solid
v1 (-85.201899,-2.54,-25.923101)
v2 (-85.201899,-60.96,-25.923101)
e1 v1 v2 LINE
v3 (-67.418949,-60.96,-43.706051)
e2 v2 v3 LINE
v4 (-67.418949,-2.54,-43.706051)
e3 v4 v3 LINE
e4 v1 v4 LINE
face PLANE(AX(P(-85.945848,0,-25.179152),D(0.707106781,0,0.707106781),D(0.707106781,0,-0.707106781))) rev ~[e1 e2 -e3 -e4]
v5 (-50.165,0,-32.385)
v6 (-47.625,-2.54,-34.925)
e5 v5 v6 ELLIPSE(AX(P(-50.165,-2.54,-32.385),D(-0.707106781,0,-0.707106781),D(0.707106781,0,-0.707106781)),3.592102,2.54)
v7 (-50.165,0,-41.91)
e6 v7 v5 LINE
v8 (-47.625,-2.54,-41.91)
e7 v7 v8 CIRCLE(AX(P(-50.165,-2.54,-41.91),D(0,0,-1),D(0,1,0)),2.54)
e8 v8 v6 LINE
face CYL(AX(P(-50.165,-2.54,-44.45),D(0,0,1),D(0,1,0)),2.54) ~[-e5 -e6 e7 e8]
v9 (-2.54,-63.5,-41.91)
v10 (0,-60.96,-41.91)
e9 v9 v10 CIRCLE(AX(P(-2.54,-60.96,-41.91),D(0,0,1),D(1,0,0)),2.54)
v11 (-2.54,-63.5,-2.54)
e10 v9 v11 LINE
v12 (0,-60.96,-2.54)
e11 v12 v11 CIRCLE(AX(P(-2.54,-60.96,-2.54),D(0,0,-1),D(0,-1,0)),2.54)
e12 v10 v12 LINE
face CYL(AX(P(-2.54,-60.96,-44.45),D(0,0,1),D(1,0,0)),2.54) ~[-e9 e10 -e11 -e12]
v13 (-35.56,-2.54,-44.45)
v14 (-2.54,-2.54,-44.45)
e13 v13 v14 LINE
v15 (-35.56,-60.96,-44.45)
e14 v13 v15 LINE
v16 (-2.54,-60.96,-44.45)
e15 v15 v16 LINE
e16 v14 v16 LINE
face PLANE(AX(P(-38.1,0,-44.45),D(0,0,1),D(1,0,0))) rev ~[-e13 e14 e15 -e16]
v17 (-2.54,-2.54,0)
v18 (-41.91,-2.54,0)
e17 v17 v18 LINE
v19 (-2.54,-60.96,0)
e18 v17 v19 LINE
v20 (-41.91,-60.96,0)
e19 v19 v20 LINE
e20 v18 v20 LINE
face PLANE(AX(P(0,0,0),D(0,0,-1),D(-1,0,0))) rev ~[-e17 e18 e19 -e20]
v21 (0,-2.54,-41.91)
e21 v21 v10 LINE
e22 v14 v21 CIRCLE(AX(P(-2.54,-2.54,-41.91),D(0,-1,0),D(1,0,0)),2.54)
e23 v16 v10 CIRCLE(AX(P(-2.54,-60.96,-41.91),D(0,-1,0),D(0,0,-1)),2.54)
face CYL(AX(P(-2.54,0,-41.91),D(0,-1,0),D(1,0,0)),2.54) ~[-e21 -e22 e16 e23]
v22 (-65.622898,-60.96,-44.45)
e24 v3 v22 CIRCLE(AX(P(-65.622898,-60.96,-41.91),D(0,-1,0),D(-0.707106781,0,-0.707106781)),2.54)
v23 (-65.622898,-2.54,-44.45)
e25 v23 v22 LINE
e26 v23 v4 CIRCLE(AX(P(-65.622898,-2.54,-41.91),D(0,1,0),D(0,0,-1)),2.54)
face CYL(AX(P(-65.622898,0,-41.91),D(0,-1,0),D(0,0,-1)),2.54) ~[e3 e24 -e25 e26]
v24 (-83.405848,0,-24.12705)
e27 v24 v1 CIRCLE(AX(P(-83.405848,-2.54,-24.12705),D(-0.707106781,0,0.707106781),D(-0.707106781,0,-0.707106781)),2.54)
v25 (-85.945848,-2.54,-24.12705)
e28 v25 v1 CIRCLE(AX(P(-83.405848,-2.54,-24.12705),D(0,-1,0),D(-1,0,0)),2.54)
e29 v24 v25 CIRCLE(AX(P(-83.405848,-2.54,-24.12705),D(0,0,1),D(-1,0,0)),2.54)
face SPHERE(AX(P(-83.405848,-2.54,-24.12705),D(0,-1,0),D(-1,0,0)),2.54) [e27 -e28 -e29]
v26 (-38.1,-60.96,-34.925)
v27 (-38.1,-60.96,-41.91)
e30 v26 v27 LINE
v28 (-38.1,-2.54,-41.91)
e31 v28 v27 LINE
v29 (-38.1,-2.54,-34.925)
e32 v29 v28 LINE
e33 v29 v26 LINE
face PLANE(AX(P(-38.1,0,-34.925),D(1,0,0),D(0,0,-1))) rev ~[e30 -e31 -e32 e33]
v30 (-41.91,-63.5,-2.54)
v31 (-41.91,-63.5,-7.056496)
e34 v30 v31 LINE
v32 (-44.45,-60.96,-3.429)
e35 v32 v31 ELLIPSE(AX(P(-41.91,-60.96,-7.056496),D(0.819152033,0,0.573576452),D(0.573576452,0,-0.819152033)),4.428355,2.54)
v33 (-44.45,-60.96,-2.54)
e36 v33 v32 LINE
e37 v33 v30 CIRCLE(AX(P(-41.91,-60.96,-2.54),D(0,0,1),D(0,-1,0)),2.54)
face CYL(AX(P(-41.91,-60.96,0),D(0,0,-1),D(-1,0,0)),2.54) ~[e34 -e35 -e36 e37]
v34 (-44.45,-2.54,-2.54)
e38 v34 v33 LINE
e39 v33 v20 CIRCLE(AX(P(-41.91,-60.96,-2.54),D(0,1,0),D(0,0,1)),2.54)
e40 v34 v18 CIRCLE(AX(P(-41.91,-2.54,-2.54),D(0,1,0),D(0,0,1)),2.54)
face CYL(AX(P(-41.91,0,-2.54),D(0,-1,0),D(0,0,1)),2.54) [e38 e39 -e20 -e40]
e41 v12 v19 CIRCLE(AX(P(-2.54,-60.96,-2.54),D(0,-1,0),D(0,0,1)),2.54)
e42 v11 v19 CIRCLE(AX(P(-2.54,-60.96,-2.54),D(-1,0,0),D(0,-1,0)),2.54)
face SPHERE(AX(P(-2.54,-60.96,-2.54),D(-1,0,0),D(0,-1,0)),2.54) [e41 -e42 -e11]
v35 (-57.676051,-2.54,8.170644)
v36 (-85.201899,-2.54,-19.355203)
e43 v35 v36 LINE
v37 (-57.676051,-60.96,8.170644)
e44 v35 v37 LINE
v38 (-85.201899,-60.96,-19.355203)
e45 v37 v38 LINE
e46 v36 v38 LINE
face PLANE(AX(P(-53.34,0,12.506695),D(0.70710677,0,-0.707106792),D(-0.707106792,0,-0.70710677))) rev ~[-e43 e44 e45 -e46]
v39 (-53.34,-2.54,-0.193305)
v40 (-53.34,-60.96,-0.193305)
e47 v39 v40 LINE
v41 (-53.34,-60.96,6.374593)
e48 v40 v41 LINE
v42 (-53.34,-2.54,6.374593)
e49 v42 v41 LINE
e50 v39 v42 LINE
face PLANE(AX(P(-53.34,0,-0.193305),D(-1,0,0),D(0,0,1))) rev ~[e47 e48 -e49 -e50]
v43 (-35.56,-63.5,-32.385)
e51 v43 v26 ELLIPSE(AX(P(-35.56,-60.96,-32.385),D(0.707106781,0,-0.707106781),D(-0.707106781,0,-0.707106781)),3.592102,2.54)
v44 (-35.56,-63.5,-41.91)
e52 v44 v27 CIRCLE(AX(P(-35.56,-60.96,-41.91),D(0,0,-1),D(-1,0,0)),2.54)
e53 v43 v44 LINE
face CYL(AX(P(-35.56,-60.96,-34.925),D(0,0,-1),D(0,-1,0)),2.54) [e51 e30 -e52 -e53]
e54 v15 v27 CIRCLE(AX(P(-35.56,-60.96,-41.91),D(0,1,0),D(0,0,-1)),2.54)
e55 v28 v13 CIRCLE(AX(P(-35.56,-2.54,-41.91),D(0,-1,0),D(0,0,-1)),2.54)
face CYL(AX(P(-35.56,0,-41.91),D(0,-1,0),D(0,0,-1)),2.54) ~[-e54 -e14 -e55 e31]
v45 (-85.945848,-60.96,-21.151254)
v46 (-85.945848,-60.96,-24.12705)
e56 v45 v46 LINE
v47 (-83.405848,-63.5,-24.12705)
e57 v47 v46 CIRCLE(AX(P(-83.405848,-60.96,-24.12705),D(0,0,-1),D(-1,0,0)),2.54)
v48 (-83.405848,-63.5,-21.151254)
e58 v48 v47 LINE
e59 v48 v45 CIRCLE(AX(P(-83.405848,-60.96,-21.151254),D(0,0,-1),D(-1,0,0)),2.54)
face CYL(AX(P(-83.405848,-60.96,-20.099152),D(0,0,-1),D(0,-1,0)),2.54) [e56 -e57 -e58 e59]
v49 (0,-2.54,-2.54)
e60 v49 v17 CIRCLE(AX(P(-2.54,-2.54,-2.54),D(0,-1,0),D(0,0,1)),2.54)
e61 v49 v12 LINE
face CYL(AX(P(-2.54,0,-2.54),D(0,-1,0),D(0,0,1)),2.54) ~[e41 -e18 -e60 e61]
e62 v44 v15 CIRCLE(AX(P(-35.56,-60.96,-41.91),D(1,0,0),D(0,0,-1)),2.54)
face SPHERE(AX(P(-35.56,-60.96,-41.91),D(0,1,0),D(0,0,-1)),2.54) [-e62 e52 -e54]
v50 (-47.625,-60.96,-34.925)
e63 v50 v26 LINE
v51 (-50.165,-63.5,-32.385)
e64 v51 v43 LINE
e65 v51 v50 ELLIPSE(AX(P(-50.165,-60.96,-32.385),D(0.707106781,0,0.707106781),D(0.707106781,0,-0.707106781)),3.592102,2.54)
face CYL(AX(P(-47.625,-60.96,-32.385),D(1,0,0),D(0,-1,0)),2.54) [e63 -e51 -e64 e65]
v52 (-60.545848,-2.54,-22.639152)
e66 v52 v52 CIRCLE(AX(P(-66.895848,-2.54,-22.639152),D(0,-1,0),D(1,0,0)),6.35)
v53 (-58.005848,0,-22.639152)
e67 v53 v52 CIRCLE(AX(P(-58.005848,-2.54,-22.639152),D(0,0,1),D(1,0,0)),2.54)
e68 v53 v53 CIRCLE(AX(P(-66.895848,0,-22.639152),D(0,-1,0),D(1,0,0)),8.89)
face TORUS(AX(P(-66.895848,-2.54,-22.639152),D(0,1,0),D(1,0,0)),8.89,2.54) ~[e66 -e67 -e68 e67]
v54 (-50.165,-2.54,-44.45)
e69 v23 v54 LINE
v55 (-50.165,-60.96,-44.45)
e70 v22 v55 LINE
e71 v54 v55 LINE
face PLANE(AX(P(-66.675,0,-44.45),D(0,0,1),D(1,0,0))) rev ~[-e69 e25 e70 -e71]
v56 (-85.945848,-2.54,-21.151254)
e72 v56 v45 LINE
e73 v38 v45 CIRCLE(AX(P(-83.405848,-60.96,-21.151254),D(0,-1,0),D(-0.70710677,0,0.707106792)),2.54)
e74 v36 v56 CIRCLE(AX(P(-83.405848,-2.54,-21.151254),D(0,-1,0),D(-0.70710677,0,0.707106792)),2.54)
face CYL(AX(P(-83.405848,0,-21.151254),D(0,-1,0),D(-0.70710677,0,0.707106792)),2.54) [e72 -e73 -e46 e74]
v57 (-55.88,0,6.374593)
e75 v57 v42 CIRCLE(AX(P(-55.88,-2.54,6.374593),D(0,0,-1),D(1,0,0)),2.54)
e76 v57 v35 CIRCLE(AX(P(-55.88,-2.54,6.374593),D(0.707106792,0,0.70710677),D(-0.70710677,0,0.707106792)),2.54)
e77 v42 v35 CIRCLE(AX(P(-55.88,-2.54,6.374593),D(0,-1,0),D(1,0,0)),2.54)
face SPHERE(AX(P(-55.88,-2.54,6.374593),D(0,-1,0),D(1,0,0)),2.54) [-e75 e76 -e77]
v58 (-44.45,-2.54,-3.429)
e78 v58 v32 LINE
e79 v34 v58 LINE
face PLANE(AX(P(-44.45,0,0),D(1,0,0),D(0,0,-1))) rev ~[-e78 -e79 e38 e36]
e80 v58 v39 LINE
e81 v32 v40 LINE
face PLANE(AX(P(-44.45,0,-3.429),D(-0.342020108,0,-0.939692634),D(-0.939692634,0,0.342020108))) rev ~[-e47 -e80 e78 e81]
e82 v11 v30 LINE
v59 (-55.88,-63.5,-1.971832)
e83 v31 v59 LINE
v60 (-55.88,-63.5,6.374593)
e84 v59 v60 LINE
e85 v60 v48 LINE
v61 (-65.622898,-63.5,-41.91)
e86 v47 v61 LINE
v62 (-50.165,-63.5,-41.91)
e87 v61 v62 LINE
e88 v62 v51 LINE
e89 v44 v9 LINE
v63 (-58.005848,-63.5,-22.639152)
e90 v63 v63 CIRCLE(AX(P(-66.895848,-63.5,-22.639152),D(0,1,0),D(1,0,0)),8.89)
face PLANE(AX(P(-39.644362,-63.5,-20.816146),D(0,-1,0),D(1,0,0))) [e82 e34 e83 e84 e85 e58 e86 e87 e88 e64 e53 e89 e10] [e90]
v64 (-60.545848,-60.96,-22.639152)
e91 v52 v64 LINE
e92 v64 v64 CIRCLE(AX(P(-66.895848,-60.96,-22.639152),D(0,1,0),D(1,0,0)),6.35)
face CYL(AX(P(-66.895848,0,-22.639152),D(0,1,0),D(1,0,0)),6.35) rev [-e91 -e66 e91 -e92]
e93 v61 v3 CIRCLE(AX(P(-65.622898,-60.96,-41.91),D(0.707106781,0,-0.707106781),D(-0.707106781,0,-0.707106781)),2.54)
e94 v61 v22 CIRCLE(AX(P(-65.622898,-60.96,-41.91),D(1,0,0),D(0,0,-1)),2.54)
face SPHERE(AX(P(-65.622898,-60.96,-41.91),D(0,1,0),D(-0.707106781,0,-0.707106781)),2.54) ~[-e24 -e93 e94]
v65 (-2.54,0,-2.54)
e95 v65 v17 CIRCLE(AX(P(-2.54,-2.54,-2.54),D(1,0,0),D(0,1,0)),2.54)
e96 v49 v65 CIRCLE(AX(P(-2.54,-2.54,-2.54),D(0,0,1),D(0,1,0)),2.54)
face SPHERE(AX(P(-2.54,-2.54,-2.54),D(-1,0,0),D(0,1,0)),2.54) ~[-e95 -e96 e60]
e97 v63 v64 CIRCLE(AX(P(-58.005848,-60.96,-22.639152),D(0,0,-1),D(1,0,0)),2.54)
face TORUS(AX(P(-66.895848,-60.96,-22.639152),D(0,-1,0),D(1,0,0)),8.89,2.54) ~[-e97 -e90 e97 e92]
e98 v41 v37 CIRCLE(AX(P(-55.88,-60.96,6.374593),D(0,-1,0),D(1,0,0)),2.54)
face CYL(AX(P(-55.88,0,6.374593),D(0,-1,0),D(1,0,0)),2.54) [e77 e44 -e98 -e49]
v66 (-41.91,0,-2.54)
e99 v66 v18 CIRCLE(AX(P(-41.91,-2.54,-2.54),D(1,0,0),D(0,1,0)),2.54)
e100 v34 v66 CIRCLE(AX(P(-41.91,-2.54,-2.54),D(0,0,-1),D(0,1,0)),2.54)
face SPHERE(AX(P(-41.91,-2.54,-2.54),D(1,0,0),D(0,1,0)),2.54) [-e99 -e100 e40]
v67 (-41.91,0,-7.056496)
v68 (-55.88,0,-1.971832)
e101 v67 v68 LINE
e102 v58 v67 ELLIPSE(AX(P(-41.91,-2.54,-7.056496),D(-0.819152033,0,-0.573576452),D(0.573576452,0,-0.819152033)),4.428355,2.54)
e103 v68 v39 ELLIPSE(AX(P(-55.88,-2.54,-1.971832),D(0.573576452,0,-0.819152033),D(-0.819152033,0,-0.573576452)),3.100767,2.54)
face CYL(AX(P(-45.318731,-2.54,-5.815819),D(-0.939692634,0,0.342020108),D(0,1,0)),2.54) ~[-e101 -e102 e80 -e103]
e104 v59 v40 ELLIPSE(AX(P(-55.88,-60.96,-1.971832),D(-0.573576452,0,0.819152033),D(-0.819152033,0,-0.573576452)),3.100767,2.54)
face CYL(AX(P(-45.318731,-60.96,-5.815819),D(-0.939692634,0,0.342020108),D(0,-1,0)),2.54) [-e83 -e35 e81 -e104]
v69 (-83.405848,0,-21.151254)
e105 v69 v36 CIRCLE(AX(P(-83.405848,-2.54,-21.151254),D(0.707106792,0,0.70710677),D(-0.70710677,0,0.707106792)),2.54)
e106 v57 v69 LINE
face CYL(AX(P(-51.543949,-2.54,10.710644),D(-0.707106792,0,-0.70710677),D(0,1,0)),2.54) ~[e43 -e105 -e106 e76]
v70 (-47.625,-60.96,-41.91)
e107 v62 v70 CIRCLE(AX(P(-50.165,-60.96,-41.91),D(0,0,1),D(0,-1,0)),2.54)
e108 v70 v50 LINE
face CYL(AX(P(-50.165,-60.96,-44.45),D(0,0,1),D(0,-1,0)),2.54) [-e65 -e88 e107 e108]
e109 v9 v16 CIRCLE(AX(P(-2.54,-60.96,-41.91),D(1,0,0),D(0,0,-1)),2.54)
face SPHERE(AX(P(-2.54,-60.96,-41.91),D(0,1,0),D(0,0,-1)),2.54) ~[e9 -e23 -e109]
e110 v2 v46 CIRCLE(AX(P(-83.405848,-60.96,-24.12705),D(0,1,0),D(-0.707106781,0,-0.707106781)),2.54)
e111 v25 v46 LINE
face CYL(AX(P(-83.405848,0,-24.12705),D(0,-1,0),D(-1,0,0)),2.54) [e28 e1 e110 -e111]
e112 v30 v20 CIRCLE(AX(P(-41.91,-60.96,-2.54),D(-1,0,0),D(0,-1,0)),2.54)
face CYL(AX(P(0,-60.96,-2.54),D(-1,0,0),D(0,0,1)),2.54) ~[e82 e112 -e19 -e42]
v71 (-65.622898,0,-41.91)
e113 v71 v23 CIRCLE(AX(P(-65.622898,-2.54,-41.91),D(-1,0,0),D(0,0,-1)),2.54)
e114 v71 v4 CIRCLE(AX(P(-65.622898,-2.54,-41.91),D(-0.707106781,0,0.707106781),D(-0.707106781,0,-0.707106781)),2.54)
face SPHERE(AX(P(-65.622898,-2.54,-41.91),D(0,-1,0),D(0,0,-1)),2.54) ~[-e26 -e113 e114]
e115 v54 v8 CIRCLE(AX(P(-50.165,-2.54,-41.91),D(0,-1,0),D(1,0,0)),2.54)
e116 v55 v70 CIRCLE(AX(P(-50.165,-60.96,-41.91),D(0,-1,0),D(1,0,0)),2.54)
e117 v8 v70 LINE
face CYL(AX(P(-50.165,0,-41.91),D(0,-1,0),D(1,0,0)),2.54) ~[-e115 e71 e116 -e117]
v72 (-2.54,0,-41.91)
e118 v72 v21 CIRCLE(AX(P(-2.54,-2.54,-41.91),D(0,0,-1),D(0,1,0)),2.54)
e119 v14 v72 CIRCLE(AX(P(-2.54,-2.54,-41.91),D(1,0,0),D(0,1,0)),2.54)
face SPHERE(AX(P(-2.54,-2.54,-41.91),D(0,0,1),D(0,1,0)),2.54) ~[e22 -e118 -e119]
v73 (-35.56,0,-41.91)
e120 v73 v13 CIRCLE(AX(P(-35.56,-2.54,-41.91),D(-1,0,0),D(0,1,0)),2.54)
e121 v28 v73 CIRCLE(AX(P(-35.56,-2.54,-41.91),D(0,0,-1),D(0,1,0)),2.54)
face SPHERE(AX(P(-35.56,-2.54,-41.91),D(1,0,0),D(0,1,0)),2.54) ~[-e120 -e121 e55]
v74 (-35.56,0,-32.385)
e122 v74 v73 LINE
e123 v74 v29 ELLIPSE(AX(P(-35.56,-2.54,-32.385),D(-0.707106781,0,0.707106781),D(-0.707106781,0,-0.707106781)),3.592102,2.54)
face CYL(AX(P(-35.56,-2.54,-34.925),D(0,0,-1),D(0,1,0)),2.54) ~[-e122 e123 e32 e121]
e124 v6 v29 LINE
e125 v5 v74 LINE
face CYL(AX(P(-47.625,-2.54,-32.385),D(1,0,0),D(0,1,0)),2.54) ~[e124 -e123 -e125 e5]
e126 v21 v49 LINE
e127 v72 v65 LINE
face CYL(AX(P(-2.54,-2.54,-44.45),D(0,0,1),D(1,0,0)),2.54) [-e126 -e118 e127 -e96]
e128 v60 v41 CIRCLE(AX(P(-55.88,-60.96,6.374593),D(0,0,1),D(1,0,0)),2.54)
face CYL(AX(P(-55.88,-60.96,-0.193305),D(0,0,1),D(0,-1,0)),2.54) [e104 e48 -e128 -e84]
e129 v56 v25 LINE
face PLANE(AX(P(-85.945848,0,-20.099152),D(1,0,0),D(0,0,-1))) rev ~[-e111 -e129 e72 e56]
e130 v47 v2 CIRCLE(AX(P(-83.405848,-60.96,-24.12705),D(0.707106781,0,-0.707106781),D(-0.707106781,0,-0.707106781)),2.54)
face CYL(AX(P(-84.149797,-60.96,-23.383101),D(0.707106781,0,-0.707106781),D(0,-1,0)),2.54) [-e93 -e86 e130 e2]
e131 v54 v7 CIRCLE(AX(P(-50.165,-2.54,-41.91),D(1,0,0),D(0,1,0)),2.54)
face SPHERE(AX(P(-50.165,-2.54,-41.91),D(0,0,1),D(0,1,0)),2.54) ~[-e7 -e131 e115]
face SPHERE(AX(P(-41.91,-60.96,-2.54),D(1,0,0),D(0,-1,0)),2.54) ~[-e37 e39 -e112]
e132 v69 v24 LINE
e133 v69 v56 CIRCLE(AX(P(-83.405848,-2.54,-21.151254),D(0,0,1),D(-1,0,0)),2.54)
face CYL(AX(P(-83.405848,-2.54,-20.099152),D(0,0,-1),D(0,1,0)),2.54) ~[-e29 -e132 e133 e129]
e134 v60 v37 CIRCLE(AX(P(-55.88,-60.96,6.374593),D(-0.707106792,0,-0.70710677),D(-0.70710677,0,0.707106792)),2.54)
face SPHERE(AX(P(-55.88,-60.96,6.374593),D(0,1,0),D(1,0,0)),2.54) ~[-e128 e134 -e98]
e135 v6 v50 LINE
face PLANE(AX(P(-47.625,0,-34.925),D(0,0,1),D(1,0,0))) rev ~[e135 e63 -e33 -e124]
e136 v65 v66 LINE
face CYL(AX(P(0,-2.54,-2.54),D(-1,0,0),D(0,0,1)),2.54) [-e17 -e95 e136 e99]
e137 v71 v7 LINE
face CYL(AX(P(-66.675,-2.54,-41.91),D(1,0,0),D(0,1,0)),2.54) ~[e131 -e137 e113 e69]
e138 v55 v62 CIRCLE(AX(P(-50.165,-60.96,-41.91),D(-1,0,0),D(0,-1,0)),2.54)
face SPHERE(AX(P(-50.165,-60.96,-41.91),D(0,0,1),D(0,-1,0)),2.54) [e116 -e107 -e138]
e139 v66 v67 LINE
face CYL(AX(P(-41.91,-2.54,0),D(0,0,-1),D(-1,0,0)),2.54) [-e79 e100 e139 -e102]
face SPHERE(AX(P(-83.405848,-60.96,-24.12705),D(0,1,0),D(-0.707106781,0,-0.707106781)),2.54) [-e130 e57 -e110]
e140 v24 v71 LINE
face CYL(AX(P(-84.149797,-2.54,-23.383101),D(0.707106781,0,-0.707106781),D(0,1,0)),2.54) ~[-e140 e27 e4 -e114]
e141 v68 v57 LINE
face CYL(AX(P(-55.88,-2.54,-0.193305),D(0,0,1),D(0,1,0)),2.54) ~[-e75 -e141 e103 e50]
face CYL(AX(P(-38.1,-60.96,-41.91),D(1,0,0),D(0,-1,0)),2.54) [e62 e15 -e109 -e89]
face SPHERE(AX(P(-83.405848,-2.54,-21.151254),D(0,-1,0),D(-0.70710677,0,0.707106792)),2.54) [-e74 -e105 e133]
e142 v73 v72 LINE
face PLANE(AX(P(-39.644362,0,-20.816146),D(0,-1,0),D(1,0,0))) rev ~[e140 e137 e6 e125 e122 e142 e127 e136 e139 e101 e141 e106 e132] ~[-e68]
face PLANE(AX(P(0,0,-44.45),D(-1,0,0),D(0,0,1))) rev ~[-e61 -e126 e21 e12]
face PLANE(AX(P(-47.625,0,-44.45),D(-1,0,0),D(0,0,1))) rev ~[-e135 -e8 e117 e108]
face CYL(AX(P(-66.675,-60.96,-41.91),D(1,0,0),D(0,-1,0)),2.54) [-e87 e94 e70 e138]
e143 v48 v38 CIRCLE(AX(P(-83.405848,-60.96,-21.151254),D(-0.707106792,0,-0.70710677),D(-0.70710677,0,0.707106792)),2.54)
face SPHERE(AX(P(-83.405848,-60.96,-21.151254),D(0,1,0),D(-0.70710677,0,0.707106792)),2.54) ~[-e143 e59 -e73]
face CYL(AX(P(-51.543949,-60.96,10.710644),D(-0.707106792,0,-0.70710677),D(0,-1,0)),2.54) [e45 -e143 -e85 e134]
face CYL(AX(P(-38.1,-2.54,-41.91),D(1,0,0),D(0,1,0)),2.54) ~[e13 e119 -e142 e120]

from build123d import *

# Parameters (mm, degrees)
F1_DEPTH = 63.5
F2_R     = 6.35
F3_DEPTH = 63.501
F4_R     = 2.54


with BuildPart() as f1:
    # F0 (on Front) → F1 (new body)
    with BuildSketch(Plane.XZ):
        Polygon((0, 0), (-44.45, 0), (-44.45, -3.429), (-53.34, -0.193305), (-53.34, 12.506695), (-85.945848, -20.099152), (-85.945848, -25.179152), (-66.675, -44.45), (-47.625, -44.45), (-47.625, -34.925), (-38.1, -34.925), (-38.1, -44.45), (0, -44.45), align=None)
    extrude(amount=F1_DEPTH)

    # F2 (on Front) → F3 (cut, through all)
    with BuildSketch(Plane.XZ):
        with Locations((-66.895848, -22.639152)):
            Circle(F2_R)
    extrude(amount=F3_DEPTH, mode=Mode.SUBTRACT)

    # F4
    f4_edges = [f1.edges().sort_by_distance(p)[0] for p in [
        (-22.225, 0, 0),
        (0, 0, -22.225),
        (-44.45, 0, -1.7145),
        (-19.05, 0, -44.45),
        (-48.895, 0, -1.811152),
        (-38.1, 0, -39.6875),
        (-53.34, 0, 6.156695),
        (-42.8625, 0, -34.925),
        (-69.642924, 0, -3.796228),
        (-47.625, 0, -39.6875),
        (-85.945848, 0, -22.639152),
        (-57.15, 0, -44.45),
        (-76.310424, 0, -34.814576),
        (-73.245848, 0, -22.639152),
        (-85.945848, -31.75, -25.179152),
        (-66.675, -31.75, -44.45),
        (-76.310424, -63.5, -34.814576),
        (-38.1, -31.75, -44.45),
        (0, -31.75, -44.45),
        (-19.05, -63.5, -44.45),
        (-22.225, -63.5, 0),
        (0, -63.5, -22.225),
        (-44.45, -63.5, -1.7145),
        (-48.895, -63.5, -1.811152),
        (-38.1, -63.5, -39.6875),
        (-53.34, -63.5, 6.156695),
        (-42.8625, -63.5, -34.925),
        (-69.642924, -63.5, -3.796228),
        (-47.625, -63.5, -39.6875),
        (-85.945848, -63.5, -22.639152),
        (-57.15, -63.5, -44.45),
        (-73.245848, -63.5, -22.639152),
        (-47.625, -31.75, -44.45),
        (0, -31.75, 0),
        (-44.45, -31.75, 0),
        (-53.34, -31.75, 12.506695),
        (-85.945848, -31.75, -20.099152),
    ]]
    fillet(f4_edges, radius=F4_R)


solid = f1.part
